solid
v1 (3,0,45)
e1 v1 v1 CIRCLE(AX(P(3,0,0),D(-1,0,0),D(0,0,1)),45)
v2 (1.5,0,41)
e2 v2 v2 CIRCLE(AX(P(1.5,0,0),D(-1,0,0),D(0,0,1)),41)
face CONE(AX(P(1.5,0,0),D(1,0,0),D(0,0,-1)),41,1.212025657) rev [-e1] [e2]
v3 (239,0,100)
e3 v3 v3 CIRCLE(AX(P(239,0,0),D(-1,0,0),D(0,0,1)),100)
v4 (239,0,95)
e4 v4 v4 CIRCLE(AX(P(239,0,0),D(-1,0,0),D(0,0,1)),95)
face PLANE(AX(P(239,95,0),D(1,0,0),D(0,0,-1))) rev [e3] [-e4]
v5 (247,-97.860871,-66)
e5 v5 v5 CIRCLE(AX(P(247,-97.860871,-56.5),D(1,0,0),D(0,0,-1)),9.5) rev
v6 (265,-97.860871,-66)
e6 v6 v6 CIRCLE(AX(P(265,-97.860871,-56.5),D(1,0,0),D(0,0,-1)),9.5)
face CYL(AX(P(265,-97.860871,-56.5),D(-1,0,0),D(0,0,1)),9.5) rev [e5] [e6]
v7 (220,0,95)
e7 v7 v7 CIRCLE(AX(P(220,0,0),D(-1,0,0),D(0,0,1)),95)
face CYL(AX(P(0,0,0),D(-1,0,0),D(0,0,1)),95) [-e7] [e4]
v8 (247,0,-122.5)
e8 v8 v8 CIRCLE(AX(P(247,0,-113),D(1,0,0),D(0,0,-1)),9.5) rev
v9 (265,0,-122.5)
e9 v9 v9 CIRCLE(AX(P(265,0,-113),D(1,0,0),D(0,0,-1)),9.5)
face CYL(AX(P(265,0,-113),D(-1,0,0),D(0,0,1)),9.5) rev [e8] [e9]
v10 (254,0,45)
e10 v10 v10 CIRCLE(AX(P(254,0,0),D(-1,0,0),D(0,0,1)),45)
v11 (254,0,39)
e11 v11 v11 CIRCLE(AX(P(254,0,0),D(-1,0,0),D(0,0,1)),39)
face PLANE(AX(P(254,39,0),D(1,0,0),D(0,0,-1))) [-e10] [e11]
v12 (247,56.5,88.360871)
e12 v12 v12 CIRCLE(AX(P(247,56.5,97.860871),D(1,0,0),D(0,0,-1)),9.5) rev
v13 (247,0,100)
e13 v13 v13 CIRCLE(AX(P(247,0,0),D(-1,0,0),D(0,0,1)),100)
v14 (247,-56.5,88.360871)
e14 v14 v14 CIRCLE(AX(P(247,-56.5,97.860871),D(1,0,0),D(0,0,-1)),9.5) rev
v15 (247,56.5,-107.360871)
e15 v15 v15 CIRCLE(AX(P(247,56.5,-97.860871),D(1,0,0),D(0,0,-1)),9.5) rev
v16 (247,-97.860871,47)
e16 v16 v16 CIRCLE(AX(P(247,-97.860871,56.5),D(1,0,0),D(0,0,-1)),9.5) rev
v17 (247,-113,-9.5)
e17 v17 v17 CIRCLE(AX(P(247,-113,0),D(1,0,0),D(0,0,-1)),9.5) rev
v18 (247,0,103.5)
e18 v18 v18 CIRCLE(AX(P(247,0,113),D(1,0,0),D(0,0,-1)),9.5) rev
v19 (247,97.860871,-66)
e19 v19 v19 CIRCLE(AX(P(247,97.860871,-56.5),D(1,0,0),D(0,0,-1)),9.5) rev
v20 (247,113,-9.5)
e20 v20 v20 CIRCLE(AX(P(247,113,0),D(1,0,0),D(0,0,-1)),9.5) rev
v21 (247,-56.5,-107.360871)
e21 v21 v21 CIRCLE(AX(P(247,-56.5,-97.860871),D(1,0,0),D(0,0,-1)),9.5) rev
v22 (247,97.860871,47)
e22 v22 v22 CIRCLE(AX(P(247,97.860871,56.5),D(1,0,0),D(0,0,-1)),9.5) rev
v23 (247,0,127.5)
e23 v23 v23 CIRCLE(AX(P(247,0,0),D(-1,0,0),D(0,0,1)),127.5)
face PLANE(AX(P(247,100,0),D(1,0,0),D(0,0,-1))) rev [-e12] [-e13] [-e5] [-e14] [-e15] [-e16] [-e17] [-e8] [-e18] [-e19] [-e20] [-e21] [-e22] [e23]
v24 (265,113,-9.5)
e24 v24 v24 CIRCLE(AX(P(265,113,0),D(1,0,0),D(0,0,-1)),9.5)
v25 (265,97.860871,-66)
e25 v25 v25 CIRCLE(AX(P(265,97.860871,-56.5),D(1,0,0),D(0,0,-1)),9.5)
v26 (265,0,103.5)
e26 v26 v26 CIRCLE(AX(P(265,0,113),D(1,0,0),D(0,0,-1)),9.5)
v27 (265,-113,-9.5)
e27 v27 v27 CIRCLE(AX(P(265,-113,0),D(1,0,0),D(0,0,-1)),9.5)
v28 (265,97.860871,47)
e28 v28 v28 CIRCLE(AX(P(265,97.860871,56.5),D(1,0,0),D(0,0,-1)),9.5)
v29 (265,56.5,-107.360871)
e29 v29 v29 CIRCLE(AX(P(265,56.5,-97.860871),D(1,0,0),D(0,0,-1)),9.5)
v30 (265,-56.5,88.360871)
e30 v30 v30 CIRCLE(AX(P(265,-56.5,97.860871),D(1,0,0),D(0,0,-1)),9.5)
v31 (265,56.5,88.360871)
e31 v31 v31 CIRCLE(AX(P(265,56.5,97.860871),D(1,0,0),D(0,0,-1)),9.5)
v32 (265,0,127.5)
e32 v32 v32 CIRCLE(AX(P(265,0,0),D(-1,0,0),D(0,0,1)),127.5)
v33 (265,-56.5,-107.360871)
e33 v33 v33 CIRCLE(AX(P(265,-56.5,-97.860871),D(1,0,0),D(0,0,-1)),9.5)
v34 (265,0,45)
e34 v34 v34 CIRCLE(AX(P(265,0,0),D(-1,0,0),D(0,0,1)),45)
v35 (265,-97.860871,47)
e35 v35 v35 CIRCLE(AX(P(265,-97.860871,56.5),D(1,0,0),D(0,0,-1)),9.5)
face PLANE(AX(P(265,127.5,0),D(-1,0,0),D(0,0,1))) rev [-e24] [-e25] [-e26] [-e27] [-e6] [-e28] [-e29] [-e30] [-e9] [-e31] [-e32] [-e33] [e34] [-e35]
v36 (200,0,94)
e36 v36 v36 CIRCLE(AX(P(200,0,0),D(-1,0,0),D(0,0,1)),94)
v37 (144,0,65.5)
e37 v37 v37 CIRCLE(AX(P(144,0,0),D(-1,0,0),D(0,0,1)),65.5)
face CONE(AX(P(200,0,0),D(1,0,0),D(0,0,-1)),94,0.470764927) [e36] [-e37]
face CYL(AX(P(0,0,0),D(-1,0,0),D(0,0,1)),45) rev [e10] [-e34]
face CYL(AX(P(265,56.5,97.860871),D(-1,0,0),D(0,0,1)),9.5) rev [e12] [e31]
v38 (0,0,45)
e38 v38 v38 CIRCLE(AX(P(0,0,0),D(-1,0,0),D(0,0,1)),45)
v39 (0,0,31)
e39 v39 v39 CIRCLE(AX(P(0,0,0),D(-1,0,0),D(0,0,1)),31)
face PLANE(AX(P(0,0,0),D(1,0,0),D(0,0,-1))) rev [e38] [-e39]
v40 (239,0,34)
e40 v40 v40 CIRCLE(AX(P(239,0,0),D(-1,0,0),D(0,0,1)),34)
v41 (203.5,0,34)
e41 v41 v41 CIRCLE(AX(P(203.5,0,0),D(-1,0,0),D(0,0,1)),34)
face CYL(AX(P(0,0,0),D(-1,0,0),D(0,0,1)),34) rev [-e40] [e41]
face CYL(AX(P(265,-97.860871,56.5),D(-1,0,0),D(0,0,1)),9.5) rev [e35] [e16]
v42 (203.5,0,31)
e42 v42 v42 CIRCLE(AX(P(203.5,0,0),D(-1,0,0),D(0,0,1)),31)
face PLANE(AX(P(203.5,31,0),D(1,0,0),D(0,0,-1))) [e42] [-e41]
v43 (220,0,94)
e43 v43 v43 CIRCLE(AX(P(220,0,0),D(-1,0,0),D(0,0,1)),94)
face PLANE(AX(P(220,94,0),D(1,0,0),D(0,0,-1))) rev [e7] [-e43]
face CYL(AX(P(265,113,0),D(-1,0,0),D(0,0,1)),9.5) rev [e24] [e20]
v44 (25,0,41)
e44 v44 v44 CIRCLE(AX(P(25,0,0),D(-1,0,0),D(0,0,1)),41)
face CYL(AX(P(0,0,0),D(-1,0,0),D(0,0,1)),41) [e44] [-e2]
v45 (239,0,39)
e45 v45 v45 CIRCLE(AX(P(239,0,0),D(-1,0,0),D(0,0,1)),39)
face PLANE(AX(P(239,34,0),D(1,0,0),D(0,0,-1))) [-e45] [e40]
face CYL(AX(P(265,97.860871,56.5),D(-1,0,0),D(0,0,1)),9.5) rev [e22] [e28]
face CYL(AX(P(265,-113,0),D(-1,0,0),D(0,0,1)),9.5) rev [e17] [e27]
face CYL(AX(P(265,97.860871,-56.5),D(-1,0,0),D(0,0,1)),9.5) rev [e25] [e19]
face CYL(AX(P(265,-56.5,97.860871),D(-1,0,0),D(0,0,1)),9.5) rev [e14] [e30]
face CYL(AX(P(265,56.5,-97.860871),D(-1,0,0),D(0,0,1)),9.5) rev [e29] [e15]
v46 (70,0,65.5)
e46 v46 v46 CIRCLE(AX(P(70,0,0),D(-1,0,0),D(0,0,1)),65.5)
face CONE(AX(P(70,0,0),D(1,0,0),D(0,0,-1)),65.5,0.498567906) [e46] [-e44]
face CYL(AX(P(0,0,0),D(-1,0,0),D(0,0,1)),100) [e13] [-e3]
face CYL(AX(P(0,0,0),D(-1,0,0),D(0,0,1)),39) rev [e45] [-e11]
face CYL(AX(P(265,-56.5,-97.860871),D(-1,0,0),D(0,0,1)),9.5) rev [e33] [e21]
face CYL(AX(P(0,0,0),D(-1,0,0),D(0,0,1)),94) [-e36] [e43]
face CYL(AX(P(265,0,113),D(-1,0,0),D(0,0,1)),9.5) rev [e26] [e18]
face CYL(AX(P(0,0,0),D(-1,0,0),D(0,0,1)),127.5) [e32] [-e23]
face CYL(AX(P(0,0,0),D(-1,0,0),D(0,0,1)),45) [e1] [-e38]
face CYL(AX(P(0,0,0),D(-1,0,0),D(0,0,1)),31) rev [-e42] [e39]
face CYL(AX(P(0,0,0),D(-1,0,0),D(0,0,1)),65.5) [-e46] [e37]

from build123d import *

# Parameters (mm, degrees)
SKETCH_3_R           = 9.5
CUT_EXTRUDE_1_DEPTH  = 321.526909947
SKETCH_4_R           = 9.5
CUT_EXTRUDE_2_DEPTH  = 321.526909947
SKETCH_5_R           = 9.5
CUT_EXTRUDE_3_DEPTH  = 321.526909947
SKETCH_6_R           = 9.5
CUT_EXTRUDE_4_DEPTH  = 321.526909947
SKETCH_7_R           = 9.5
CUT_EXTRUDE_5_DEPTH  = 321.526909947
SKETCH_8_R           = 9.5
CUT_EXTRUDE_6_DEPTH  = 321.526909947
SKETCH_9_R           = 9.5
CUT_EXTRUDE_7_DEPTH  = 321.526909947
SKETCH_10_R          = 9.5
CUT_EXTRUDE_8_DEPTH  = 321.526909947
SKETCH_11_R          = 9.5
CUT_EXTRUDE_9_DEPTH  = 321.526909947
SKETCH_12_R          = 9.5
CUT_EXTRUDE_10_DEPTH = 321.526909947
SKETCH_13_R          = 9.5
CUT_EXTRUDE_11_DEPTH = 321.526909947
SKETCH_14_R          = 9.5
CUT_EXTRUDE_12_DEPTH = 321.526909947


with BuildPart() as part:
    # Эскиз1 → Повернуть1 (revolve)
    with BuildSketch(Plane.XY, mode=Mode.PRIVATE) as revolve_1_sk:
        Polygon((0, 0), (265, 0), (265, 127.5), (247, 127.5), (247, 100), (239, 100), (239, 95), (220, 95), (220, 94), (200, 94), (144, 65.5), (70, 65.5), (25, 41), (1.5, 41), (3, 45), (0, 45), align=None)
    revolve(revolve_1_sk.sketch.rotate(Axis((0, 0, 0), (1, 0, 0)), 90), axis=Axis((0, 0, 0), (1, 0, 0)))

    # Эскиз2 → Вырез-Повернуть1 (revolve, cut)
    with BuildSketch(Plane.XY, mode=Mode.PRIVATE) as cut_revolve_1_sk:
        Polygon((0, 0), (265, 0), (265, 45), (254, 45), (254, 39), (239, 39), (239, 34), (203.5, 34), (203.5, 31), (0, 31), align=None)
    revolve(cut_revolve_1_sk.sketch.rotate(Axis((0, 0, 0), (1, 0, 0)), 90), axis=Axis((0, 0, 0), (1, 0, 0)), mode=Mode.SUBTRACT)

    # Эскиз3 → Вырез-Вытянуть1 (cut, through all)
    with BuildSketch(Plane(origin=(0, 0, 0), x_dir=(0, 0, -1), z_dir=(1, 0, 0))):
        with Locations((0, 113)):
            Circle(SKETCH_3_R)
    extrude(amount=CUT_EXTRUDE_1_DEPTH, mode=Mode.SUBTRACT)

    # Эскиз4 → Вырез-Вытянуть2 (cut, through all)
    with BuildSketch(Plane(origin=(0, 0, 0), x_dir=(0, 0, -1), z_dir=(1, 0, 0))):
        with Locations((-56.5, 97.860870628)):
            Circle(SKETCH_4_R)
    extrude(amount=CUT_EXTRUDE_2_DEPTH, mode=Mode.SUBTRACT)

    # Эскиз5 → Вырез-Вытянуть3 (cut, through all)
    with BuildSketch(Plane(origin=(0, 0, 0), x_dir=(0, 0, -1), z_dir=(1, 0, 0))):
        with Locations((-97.860870628, 56.5)):
            Circle(SKETCH_5_R)
    extrude(amount=CUT_EXTRUDE_3_DEPTH, mode=Mode.SUBTRACT)

    # Эскиз6 → Вырез-Вытянуть4 (cut, through all)
    with BuildSketch(Plane(origin=(0, 0, 0), x_dir=(0, 0, -1), z_dir=(1, 0, 0))):
        with Locations((-113, 0)):
            Circle(SKETCH_6_R)
    extrude(amount=CUT_EXTRUDE_4_DEPTH, mode=Mode.SUBTRACT)

    # Эскиз7 → Вырез-Вытянуть5 (cut, through all)
    with BuildSketch(Plane(origin=(0, 0, 0), x_dir=(0, 0, -1), z_dir=(1, 0, 0))):
        with Locations((-97.860870628, -56.5)):
            Circle(SKETCH_7_R)
    extrude(amount=CUT_EXTRUDE_5_DEPTH, mode=Mode.SUBTRACT)

    # Эскиз8 → Вырез-Вытянуть6 (cut, through all)
    with BuildSketch(Plane(origin=(0, 0, 0), x_dir=(0, 0, -1), z_dir=(1, 0, 0))):
        with Locations((-56.5, -97.860870628)):
            Circle(SKETCH_8_R)
    extrude(amount=CUT_EXTRUDE_6_DEPTH, mode=Mode.SUBTRACT)

    # Эскиз9 → Вырез-Вытянуть7 (cut, through all)
    with BuildSketch(Plane(origin=(0, 0, 0), x_dir=(0, 0, -1), z_dir=(1, 0, 0))):
        with Locations((0, -113)):
            Circle(SKETCH_9_R)
    extrude(amount=CUT_EXTRUDE_7_DEPTH, mode=Mode.SUBTRACT)

    # Эскиз10 → Вырез-Вытянуть8 (cut, through all)
    with BuildSketch(Plane(origin=(0, 0, 0), x_dir=(0, 0, -1), z_dir=(1, 0, 0))):
        with Locations((56.5, -97.860870628)):
            Circle(SKETCH_10_R)
    extrude(amount=CUT_EXTRUDE_8_DEPTH, mode=Mode.SUBTRACT)

    # Эскиз11 → Вырез-Вытянуть9 (cut, through all)
    with BuildSketch(Plane(origin=(0, 0, 0), x_dir=(0, 0, -1), z_dir=(1, 0, 0))):
        with Locations((97.860870628, -56.5)):
            Circle(SKETCH_11_R)
    extrude(amount=CUT_EXTRUDE_9_DEPTH, mode=Mode.SUBTRACT)

    # Эскиз12 → Вырез-Вытянуть10 (cut, through all)
    with BuildSketch(Plane(origin=(0, 0, 0), x_dir=(0, 0, -1), z_dir=(1, 0, 0))):
        with Locations((113, 0)):
            Circle(SKETCH_12_R)
    extrude(amount=CUT_EXTRUDE_10_DEPTH, mode=Mode.SUBTRACT)

    # Эскиз13 → Вырез-Вытянуть11 (cut, through all)
    with BuildSketch(Plane(origin=(0, 0, 0), x_dir=(0, 0, -1), z_dir=(1, 0, 0))):
        with Locations((97.860870628, 56.5)):
            Circle(SKETCH_13_R)
    extrude(amount=CUT_EXTRUDE_11_DEPTH, mode=Mode.SUBTRACT)

    # Эскиз14 → Вырез-Вытянуть12 (cut, through all)
    with BuildSketch(Plane(origin=(0, 0, 0), x_dir=(0, 0, -1), z_dir=(1, 0, 0))):
        with Locations((56.5, 97.860870628)):
            Circle(SKETCH_14_R)
    extrude(amount=CUT_EXTRUDE_12_DEPTH, mode=Mode.SUBTRACT)


solid = part.part
